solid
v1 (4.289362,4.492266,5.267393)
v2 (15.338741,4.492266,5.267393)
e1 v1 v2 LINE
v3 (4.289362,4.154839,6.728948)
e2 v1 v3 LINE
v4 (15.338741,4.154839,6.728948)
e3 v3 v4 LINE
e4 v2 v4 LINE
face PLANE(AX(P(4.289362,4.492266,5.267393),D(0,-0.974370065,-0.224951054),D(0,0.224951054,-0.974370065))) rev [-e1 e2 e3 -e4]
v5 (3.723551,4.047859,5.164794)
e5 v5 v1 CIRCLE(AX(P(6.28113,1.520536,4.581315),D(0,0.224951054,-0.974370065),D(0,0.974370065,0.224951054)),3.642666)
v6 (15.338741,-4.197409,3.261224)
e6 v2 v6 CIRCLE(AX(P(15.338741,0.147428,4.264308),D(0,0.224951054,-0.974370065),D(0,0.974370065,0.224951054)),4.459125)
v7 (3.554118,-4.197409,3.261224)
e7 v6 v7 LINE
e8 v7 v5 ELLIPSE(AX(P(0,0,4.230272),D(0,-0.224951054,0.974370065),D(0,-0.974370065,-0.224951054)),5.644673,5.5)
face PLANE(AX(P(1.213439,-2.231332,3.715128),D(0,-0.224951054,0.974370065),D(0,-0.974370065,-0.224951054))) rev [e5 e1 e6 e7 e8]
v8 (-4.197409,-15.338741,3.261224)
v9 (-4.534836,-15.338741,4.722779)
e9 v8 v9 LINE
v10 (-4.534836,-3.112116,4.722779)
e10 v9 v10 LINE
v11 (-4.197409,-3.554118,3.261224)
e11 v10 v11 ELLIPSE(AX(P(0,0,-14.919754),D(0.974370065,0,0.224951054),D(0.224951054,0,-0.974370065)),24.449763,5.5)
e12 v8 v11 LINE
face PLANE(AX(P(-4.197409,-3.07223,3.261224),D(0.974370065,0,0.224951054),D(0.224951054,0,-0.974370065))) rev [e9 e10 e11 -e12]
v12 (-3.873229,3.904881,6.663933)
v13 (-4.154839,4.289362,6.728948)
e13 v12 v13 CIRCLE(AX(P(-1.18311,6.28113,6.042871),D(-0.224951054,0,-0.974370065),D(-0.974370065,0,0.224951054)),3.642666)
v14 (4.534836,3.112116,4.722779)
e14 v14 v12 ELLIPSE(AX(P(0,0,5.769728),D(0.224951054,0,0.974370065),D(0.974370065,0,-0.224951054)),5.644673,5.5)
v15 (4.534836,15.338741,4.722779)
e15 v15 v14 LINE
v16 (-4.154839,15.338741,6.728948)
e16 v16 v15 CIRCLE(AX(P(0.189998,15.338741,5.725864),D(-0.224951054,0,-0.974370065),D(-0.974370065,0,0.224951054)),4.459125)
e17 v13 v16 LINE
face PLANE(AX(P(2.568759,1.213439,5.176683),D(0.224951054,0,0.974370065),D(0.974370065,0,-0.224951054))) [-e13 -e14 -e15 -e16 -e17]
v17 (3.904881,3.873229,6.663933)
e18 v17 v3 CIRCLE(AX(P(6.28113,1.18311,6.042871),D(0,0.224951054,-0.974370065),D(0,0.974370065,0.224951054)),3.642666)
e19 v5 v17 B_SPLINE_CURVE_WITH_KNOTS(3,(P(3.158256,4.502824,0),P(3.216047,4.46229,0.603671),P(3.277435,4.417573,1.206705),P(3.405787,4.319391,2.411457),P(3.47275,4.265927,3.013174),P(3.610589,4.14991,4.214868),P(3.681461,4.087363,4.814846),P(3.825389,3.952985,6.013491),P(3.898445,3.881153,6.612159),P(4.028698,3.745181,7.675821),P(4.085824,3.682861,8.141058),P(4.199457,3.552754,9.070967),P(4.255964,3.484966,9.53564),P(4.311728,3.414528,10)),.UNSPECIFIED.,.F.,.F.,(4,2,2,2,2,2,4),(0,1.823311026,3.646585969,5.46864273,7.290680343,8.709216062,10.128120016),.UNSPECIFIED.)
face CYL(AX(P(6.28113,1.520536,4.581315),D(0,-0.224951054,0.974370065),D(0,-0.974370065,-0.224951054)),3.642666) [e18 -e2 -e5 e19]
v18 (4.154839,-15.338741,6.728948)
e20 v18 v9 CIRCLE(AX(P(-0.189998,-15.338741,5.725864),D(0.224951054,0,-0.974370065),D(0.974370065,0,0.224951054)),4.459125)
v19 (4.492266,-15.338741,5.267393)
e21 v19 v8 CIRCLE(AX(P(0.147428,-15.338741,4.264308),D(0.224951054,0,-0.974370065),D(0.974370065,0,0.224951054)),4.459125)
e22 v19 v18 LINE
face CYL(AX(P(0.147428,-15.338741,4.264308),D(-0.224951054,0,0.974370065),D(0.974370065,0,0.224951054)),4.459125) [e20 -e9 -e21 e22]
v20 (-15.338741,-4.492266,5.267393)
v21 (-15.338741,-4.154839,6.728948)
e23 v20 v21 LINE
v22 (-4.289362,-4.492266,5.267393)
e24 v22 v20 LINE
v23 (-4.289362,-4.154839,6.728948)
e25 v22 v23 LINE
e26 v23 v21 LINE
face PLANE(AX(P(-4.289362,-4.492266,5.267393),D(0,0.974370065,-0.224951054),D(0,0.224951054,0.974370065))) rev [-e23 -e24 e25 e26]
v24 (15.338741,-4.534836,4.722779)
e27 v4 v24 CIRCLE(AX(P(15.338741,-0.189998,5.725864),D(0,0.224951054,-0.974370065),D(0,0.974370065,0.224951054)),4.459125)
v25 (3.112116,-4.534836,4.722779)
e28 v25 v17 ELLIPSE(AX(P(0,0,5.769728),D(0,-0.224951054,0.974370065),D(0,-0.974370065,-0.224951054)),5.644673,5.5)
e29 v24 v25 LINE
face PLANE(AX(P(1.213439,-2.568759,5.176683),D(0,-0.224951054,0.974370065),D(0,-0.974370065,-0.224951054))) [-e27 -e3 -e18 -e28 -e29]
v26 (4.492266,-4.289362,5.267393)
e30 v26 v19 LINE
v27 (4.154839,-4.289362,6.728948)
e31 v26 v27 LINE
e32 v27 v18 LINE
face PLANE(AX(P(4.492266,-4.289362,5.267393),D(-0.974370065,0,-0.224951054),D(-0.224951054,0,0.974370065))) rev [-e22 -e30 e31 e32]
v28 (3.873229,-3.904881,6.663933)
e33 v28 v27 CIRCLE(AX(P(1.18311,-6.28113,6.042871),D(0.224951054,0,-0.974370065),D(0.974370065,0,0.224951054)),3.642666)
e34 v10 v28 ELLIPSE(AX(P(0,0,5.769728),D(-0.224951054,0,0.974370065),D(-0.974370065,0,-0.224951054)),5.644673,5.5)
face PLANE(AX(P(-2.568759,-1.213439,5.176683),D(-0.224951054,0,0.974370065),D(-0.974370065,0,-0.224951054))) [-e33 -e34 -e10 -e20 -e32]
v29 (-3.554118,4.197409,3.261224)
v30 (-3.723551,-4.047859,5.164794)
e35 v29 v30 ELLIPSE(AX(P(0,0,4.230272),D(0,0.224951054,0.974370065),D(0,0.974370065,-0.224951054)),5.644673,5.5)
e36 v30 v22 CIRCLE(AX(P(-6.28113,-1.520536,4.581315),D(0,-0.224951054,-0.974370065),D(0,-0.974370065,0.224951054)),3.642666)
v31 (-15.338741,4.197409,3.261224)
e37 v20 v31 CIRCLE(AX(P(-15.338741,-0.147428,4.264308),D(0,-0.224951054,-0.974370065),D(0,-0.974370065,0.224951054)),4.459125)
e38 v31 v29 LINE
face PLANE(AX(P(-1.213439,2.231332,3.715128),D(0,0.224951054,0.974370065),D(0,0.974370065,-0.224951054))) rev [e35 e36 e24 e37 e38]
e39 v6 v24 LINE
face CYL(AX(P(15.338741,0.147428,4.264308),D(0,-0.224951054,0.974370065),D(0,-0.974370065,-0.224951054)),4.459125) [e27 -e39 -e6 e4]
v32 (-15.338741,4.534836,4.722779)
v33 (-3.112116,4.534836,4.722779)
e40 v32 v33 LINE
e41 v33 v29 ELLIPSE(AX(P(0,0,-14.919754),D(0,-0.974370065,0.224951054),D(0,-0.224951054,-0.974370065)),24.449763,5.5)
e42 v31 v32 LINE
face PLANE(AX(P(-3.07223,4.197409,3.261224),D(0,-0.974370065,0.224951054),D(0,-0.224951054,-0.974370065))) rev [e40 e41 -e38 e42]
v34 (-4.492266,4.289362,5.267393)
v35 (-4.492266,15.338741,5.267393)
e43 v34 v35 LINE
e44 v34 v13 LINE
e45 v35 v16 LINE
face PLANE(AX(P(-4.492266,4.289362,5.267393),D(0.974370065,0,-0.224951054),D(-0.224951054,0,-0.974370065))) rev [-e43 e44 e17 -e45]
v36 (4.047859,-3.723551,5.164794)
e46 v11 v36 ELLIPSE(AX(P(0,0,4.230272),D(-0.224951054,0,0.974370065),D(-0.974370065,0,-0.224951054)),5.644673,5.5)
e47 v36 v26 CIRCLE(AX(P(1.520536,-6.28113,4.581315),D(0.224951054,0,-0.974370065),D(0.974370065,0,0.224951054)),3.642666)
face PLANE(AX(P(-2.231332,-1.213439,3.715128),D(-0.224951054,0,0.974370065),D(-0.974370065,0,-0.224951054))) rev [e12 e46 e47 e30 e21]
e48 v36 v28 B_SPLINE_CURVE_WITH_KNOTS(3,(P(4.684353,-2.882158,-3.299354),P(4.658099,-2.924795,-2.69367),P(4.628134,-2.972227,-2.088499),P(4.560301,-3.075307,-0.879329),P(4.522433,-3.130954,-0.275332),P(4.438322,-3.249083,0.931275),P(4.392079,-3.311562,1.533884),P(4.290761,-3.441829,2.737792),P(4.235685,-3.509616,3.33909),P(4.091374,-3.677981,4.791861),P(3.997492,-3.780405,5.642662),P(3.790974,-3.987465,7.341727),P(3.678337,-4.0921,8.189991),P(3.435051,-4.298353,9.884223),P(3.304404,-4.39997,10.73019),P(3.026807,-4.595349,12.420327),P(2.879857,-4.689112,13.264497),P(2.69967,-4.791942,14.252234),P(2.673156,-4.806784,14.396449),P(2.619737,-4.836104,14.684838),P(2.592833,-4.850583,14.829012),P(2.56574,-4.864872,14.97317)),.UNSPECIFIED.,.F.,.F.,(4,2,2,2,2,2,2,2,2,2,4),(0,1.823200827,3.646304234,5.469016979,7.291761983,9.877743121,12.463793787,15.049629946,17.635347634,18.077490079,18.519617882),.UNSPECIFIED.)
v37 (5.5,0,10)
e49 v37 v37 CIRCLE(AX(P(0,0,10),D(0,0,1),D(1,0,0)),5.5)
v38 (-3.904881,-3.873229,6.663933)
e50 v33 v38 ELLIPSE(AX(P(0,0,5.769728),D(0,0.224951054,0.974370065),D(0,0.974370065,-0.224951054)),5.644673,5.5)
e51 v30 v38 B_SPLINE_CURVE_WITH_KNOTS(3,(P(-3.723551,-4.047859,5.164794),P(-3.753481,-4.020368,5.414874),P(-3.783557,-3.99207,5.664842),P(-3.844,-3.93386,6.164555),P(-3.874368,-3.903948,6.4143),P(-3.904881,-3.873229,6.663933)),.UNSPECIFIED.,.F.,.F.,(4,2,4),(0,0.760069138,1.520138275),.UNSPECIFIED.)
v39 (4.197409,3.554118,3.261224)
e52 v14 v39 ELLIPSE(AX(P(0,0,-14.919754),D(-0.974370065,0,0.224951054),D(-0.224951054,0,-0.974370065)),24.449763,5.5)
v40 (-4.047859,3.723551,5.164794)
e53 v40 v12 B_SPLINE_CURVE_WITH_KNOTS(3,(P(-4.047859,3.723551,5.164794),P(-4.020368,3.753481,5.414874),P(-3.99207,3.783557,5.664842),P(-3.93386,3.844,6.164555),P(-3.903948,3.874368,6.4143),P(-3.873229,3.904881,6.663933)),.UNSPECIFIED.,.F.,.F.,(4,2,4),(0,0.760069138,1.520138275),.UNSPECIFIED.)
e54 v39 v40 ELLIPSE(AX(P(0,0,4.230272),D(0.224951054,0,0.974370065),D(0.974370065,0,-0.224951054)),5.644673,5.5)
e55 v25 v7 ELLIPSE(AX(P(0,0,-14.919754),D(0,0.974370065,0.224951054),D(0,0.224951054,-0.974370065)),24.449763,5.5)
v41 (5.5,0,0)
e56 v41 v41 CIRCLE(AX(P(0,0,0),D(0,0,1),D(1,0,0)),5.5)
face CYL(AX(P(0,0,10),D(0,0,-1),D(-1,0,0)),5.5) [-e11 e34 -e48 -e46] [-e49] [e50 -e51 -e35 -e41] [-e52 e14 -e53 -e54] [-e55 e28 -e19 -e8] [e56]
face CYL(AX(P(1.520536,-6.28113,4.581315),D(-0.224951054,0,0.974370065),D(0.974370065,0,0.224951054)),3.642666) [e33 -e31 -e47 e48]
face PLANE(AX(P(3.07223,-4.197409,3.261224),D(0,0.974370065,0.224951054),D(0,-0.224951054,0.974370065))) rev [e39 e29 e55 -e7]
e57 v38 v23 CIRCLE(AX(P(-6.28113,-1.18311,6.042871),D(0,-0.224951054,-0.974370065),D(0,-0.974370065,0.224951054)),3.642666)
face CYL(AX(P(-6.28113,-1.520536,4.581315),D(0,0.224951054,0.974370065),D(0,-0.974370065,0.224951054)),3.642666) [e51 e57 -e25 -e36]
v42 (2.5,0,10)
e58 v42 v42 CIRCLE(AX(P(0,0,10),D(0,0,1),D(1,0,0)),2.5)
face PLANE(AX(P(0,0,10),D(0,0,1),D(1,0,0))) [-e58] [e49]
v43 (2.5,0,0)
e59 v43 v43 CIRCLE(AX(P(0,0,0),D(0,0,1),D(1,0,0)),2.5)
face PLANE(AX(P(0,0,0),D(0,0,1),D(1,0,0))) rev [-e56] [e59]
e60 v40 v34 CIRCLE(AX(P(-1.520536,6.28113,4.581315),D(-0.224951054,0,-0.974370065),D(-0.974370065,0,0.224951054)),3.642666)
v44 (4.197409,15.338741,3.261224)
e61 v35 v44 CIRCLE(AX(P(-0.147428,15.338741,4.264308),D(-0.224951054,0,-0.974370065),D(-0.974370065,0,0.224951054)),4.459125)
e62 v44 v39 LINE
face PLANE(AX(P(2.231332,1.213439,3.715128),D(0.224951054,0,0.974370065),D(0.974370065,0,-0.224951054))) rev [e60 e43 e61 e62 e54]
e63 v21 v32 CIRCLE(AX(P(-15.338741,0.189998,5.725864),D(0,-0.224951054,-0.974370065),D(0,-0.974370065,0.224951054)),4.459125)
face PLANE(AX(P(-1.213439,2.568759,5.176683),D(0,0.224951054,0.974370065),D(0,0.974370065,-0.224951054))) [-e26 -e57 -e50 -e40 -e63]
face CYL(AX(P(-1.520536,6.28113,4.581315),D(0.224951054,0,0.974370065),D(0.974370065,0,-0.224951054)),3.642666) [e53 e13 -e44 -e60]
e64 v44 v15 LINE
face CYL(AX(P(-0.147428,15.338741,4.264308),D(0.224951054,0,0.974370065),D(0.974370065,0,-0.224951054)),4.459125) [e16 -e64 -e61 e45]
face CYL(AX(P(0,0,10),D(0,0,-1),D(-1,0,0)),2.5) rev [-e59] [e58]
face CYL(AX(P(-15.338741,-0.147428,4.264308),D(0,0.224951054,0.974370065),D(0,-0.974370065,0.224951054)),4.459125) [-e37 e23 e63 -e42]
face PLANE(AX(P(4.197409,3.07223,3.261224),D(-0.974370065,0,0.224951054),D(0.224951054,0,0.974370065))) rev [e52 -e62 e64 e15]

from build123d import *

# Parameters (mm, degrees)
SKETCH2_R           = 5.5
SKETCH2_R_2         = 2.5
BOSS_EXTRUDE1_DEPTH = 10
BOSS_EXTRUDE2_DEPTH = 0.75
CIRPATTERN1_COUNT   = 4


with BuildPart() as part:
    # Sketch2 → Boss-Extrude1 (new body)
    with BuildSketch(Plane.XY):
        Circle(SKETCH2_R)
        Circle(SKETCH2_R_2, mode=Mode.SUBTRACT)
    extrude(amount=BOSS_EXTRUDE1_DEPTH)

    # Sketch4 → Boss-Extrude2 (add, symmetric)
    with BuildSketch(Plane(origin=(0, -1.095927867, 4.746985116), x_dir=(0, 0.9743700647852367, 0.22495105434385892), z_dir=(0, 0.22495105434385892, -0.9743700647852367))):
        with BuildLine():
            Line((5.562035005, 4.289362297), (5.562035005, 15.338741246))
            ThreePointArc((5.562035005, 15.338741246), (1.102910343, 19.797865908), (-3.356214318, 15.338741246))
            Line((-3.356214318, 15.338741246), (-3.356214318, 3.072229714))
            ThreePointArc((-3.356214318, 3.072229714), (-1.450852963, 3.954597536), (0.520369242, 3.231231872))
            ThreePointArc((0.520369242, 3.231231872), (3.26034811, 2.716133916), (5.562035005, 4.289362297))
        make_face()
    boss_extrude2 = extrude(amount=BOSS_EXTRUDE2_DEPTH, both=True)

    # CirPattern1: Boss-Extrude2 ×4 about axis
    cirpattern1_axis = Axis((0, 0, 0), (0, 0, 1))
    for i in range(1, CIRPATTERN1_COUNT):
        add(boss_extrude2.rotate(cirpattern1_axis, i * 360 / CIRPATTERN1_COUNT))


solid = part.part
